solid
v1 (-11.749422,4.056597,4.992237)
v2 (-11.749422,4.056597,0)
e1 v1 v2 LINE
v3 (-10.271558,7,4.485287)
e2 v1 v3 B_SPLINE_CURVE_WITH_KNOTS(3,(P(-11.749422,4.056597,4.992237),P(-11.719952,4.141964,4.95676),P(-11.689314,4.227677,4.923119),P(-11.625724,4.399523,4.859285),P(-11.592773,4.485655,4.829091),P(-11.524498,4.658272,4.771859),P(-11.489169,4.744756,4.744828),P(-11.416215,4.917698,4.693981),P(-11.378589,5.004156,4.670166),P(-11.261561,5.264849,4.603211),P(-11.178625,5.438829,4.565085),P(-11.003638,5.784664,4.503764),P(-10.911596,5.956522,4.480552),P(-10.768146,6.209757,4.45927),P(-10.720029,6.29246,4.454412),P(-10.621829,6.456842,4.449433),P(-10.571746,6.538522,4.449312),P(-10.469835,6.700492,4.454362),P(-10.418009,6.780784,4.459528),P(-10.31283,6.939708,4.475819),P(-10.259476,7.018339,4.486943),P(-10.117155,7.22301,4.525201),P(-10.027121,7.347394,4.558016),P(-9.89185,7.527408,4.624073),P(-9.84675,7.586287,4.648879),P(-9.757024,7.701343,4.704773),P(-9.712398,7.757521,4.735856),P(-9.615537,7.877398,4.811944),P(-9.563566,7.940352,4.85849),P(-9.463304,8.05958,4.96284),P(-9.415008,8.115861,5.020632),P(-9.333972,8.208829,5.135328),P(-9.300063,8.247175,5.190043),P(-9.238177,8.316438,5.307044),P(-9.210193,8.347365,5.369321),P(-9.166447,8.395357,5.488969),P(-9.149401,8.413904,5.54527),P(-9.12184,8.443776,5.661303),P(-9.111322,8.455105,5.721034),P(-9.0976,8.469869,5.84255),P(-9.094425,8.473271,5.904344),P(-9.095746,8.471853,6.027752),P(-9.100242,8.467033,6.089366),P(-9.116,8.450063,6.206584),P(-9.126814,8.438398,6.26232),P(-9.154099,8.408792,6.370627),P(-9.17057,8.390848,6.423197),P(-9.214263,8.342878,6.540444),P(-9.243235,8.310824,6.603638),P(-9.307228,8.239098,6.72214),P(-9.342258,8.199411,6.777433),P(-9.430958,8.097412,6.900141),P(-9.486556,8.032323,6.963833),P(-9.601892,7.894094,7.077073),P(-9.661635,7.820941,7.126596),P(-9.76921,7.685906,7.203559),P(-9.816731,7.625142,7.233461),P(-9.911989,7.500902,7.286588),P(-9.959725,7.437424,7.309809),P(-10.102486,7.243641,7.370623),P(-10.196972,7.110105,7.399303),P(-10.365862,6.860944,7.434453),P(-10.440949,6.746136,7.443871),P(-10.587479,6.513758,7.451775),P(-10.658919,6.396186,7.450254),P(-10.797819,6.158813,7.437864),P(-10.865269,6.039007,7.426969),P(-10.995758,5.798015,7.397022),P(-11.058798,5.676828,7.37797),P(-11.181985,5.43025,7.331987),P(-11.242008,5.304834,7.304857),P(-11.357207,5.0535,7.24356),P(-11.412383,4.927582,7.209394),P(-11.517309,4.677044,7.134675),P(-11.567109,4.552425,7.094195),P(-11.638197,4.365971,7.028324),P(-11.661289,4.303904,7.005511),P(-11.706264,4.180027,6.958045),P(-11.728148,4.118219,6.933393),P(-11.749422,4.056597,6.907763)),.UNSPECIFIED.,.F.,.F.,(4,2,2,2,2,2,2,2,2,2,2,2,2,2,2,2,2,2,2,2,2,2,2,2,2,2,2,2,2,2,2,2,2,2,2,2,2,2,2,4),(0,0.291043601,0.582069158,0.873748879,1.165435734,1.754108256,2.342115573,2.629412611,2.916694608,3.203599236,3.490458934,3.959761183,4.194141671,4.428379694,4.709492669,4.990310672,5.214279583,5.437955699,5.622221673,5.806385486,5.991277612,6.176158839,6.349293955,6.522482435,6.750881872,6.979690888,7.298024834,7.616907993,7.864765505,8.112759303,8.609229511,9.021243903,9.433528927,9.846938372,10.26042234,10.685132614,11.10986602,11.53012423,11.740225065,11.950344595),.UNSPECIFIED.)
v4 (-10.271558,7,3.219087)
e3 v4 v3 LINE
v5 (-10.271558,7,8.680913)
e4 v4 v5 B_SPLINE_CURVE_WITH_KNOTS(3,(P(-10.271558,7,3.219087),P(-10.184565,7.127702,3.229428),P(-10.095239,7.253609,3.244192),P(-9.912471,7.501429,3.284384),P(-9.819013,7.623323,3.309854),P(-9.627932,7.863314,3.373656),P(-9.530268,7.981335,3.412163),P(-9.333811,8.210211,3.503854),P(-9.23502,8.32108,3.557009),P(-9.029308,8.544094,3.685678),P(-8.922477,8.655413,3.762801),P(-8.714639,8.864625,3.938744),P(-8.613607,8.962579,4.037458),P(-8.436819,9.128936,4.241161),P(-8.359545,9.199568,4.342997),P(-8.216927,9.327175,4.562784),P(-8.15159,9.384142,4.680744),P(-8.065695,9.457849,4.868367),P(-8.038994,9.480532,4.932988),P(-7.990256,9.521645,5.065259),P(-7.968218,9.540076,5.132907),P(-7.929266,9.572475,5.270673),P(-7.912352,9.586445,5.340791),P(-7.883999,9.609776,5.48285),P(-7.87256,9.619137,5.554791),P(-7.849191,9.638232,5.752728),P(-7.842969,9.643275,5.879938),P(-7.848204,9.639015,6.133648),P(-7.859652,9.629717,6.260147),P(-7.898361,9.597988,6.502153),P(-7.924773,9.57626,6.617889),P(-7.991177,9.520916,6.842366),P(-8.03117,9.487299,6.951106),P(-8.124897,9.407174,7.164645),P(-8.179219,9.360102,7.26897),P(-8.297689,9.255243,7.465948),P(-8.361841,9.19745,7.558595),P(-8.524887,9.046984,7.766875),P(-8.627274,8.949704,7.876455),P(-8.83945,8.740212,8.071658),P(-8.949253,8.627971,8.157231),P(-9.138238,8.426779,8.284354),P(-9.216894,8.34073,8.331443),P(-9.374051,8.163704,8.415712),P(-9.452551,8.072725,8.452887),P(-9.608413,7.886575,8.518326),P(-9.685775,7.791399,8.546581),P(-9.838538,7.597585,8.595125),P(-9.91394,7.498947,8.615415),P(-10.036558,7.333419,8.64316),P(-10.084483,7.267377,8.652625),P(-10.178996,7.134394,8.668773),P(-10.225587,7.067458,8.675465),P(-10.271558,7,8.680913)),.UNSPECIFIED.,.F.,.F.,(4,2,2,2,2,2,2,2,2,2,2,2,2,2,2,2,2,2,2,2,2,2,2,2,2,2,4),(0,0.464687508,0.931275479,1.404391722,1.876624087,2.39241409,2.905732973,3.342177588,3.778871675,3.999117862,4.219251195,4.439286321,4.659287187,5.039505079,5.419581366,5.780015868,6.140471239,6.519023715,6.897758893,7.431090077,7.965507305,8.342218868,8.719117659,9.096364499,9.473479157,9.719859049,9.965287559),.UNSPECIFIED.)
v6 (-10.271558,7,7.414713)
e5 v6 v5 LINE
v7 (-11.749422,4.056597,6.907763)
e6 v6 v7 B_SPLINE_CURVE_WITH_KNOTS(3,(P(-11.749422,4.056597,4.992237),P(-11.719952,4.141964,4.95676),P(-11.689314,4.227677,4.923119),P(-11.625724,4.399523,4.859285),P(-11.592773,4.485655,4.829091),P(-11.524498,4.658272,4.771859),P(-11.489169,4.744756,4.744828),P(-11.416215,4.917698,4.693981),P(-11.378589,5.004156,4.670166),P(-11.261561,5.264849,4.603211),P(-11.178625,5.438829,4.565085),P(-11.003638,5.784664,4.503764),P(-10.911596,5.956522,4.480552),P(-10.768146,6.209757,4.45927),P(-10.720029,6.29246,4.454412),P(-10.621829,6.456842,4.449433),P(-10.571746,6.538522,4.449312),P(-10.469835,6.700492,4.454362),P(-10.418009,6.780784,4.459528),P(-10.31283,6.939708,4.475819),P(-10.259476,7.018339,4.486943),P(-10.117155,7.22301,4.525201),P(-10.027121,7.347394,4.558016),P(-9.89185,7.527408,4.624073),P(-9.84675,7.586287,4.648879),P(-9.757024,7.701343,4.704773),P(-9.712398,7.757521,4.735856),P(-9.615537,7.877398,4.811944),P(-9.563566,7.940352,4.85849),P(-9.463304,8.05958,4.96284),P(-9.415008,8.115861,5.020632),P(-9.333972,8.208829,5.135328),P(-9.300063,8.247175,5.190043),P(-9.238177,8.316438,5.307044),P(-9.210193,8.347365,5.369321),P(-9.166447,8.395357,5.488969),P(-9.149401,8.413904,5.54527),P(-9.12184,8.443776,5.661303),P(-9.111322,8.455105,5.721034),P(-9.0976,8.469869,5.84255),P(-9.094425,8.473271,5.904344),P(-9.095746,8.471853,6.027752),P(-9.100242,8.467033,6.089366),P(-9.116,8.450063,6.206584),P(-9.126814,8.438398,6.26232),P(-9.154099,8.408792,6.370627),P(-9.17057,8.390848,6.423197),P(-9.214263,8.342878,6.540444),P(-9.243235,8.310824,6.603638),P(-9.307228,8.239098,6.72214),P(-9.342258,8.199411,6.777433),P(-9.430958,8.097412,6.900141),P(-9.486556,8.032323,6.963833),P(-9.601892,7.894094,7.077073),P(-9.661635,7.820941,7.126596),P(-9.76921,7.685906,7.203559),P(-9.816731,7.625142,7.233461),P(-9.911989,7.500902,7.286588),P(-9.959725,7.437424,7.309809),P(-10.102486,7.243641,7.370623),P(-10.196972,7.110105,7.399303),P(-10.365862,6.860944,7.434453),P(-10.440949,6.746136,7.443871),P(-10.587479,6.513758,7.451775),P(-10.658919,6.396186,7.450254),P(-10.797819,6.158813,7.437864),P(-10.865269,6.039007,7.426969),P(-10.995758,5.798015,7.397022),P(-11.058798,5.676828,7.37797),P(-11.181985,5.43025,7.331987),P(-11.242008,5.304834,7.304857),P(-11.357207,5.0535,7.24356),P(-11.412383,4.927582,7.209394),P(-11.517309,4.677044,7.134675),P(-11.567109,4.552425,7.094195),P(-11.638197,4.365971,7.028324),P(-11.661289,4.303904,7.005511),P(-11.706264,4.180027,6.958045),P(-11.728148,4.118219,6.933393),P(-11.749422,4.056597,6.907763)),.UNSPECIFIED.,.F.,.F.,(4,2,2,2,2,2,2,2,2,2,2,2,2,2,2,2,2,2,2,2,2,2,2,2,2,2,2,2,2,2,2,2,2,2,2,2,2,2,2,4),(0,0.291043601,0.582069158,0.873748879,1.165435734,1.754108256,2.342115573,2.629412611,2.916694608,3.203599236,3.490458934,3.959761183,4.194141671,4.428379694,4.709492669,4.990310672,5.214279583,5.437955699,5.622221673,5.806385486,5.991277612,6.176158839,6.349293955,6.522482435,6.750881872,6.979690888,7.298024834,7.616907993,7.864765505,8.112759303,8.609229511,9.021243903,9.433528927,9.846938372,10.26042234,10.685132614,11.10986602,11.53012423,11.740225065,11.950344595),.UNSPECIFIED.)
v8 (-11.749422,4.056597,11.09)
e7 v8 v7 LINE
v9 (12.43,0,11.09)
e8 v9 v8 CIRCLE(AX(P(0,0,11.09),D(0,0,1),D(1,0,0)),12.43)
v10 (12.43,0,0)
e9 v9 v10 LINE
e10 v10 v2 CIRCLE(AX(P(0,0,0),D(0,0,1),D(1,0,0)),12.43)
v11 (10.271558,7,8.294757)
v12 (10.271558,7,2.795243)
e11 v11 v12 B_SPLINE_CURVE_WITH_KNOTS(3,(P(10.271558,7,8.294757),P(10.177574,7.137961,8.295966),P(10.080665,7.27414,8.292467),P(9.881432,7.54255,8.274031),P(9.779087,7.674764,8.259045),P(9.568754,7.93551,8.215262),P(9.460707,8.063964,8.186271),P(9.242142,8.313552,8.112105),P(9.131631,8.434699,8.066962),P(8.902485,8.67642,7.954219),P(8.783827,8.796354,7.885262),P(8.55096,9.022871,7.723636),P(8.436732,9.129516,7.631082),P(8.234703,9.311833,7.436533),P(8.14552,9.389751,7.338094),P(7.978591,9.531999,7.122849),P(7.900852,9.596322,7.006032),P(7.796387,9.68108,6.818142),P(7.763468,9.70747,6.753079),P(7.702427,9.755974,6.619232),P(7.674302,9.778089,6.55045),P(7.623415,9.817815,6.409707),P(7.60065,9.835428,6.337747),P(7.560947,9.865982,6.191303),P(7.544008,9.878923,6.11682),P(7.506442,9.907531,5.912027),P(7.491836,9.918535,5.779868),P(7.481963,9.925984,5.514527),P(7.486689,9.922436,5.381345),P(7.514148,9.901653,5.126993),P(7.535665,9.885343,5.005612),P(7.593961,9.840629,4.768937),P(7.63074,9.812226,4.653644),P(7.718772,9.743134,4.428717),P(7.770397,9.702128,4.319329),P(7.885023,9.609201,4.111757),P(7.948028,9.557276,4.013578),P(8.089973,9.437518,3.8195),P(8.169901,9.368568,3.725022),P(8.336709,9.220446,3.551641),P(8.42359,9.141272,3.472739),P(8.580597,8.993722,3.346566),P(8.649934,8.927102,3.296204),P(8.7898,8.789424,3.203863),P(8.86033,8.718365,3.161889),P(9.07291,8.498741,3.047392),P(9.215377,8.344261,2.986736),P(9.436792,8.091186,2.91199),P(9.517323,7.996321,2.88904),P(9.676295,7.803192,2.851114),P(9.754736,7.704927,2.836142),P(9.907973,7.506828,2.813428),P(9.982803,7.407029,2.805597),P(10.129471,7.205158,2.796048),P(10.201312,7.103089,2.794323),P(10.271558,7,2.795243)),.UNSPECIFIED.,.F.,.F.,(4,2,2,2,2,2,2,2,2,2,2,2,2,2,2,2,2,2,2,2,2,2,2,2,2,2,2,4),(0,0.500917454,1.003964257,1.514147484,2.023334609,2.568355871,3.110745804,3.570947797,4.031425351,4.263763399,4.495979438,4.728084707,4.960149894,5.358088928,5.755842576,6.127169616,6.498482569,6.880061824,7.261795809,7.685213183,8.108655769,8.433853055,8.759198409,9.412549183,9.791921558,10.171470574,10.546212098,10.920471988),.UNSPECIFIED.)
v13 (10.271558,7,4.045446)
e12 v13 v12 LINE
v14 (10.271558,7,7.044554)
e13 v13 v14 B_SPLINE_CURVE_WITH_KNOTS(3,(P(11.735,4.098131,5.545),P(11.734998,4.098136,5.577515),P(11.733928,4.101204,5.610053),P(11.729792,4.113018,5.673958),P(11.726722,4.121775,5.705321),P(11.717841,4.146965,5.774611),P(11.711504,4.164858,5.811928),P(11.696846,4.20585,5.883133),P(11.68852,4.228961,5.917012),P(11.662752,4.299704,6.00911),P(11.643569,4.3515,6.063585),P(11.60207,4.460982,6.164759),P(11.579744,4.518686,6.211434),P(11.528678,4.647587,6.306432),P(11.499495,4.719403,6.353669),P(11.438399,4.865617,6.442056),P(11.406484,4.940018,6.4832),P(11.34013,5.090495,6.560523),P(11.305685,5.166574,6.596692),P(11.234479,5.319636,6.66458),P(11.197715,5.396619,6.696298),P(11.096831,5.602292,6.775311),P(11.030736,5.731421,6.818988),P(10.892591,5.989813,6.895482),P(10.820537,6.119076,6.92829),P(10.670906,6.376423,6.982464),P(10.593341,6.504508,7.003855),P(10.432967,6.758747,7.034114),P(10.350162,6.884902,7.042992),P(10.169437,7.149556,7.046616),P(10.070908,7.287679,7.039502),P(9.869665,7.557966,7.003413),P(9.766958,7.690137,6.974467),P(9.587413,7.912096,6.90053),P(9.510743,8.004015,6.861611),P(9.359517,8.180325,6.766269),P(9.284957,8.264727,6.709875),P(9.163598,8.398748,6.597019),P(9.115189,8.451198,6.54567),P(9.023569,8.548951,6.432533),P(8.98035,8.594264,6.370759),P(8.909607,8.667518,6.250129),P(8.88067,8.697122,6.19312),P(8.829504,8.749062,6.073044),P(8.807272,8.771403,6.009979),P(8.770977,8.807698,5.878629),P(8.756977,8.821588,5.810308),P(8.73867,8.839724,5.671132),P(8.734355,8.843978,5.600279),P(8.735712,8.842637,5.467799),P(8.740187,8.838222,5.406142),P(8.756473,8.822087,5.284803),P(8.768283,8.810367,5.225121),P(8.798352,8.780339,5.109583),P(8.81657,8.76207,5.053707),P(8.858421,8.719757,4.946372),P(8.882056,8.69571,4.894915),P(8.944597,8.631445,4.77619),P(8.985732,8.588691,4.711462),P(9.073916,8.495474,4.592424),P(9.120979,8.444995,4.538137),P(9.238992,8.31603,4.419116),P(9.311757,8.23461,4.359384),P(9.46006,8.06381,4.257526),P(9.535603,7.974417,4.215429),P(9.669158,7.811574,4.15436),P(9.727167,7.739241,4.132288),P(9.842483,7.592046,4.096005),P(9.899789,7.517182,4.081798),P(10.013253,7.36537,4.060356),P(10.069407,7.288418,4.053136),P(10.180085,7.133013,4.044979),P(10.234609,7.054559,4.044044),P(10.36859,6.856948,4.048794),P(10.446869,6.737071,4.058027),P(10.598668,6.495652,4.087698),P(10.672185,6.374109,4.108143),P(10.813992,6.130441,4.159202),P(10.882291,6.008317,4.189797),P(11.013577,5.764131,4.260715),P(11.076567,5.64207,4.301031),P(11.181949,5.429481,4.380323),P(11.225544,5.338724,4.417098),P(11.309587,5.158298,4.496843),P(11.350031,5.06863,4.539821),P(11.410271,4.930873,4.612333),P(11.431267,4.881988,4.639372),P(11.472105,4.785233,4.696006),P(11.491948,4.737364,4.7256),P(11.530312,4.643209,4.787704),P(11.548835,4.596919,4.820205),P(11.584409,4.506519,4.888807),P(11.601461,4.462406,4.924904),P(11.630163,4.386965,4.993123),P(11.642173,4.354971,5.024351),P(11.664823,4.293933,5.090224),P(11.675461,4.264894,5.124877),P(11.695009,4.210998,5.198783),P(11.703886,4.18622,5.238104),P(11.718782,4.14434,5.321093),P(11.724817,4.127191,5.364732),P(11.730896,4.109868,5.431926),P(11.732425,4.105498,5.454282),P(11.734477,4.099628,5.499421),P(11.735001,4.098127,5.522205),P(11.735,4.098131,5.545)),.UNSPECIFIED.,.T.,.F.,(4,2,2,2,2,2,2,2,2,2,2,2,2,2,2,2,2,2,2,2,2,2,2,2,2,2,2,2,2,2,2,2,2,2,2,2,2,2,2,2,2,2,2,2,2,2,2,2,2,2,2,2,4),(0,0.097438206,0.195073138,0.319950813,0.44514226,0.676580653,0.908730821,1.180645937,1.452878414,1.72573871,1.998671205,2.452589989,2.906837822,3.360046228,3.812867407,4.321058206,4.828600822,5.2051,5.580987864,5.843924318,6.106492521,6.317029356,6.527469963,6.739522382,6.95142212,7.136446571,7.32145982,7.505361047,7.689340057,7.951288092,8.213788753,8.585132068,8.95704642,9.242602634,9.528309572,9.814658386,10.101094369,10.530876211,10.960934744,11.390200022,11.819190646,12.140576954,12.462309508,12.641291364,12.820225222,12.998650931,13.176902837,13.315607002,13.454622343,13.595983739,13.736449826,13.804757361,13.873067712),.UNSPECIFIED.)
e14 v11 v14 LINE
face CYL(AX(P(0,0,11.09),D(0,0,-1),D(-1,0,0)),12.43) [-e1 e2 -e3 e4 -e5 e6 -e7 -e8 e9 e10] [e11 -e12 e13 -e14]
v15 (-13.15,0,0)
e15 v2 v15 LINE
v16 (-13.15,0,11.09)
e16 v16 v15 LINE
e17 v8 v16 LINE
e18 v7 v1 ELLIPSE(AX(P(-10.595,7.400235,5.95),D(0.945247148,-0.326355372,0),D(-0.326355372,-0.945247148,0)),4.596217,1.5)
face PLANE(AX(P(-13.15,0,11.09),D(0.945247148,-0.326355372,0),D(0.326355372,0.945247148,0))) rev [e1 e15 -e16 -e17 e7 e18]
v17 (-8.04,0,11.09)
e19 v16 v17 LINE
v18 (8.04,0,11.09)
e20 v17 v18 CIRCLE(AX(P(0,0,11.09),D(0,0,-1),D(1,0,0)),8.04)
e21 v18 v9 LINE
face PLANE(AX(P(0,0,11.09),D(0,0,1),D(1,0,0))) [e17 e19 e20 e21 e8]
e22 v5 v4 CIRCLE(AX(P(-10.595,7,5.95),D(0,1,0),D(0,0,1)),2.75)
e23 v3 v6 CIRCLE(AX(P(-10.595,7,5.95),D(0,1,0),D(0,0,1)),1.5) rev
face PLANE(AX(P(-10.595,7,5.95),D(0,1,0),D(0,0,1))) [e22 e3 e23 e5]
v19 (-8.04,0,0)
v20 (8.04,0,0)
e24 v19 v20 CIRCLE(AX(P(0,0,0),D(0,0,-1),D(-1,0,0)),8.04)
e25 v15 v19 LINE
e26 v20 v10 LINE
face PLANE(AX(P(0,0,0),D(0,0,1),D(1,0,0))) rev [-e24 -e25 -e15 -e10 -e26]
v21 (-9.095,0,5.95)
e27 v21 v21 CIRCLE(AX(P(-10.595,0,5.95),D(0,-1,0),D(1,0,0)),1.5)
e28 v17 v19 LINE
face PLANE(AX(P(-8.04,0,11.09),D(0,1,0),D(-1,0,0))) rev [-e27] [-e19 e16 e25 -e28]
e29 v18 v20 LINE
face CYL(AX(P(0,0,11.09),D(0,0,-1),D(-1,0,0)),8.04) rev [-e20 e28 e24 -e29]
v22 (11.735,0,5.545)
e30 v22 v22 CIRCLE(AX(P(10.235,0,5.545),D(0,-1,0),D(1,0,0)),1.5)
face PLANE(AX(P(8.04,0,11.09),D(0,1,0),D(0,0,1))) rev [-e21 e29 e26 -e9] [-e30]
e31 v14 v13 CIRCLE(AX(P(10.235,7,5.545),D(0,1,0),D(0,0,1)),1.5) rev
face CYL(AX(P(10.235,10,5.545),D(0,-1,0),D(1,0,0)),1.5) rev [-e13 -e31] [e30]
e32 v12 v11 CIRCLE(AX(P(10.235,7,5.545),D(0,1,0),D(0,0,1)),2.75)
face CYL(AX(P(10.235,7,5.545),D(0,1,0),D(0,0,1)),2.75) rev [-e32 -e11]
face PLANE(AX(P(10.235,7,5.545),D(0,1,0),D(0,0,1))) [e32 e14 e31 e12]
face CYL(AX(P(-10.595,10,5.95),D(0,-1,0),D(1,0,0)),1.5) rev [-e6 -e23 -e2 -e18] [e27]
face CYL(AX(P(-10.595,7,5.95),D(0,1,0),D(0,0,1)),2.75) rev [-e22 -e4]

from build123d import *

# Parameters (mm, degrees)
BOSS_EXTRUDE1_DEPTH = 11.09
SKETCH3_R           = 1.5
CUT_EXTRUDE4_DEPTH  = 10
SKETCH4_R           = 2.75
CUT_EXTRUDE3_DEPTH  = 2.5


with BuildPart() as part:
    # Sketch1 → Boss-Extrude1 (new body)
    with BuildSketch(Plane.XY):
        with BuildLine():
            Line((-8.04, 0), (-13.15, 0))
            Line((-13.15, 0), (-11.749422053, 4.05659727))
            ThreePointArc((-11.749422053, 4.05659727), (2.056645798, 12.258674809), (12.43, 0))
            Line((12.43, 0), (8.04, 0))
            ThreePointArc((8.04, 0), (5.685138521, 5.685138521), (0, 8.04))
            ThreePointArc((0, 8.04), (-5.685138521, 5.685138521), (-8.04, 0))
        make_face()
    extrude(amount=BOSS_EXTRUDE1_DEPTH)

    # Sketch3 → Cut-Extrude4 (cut)
    with BuildSketch(Plane.XZ):
        with Locations((-10.595, 5.95)):
            Circle(SKETCH3_R)
        with Locations((10.235, 5.545)):
            Circle(SKETCH3_R)
    extrude(amount=-CUT_EXTRUDE4_DEPTH, mode=Mode.SUBTRACT)

    # Sketch4 → Cut-Extrude3 (cut, symmetric)
    with BuildSketch(Plane(origin=(0, 9.5, 0), x_dir=(1, 0, 0), z_dir=(0, 1, 0))):
        with Locations((-10.595, -5.95)):
            Circle(SKETCH4_R)
        with Locations((10.235, -5.545)):
            Circle(SKETCH4_R)
    extrude(amount=CUT_EXTRUDE3_DEPTH, both=True, mode=Mode.SUBTRACT)


solid = part.part
